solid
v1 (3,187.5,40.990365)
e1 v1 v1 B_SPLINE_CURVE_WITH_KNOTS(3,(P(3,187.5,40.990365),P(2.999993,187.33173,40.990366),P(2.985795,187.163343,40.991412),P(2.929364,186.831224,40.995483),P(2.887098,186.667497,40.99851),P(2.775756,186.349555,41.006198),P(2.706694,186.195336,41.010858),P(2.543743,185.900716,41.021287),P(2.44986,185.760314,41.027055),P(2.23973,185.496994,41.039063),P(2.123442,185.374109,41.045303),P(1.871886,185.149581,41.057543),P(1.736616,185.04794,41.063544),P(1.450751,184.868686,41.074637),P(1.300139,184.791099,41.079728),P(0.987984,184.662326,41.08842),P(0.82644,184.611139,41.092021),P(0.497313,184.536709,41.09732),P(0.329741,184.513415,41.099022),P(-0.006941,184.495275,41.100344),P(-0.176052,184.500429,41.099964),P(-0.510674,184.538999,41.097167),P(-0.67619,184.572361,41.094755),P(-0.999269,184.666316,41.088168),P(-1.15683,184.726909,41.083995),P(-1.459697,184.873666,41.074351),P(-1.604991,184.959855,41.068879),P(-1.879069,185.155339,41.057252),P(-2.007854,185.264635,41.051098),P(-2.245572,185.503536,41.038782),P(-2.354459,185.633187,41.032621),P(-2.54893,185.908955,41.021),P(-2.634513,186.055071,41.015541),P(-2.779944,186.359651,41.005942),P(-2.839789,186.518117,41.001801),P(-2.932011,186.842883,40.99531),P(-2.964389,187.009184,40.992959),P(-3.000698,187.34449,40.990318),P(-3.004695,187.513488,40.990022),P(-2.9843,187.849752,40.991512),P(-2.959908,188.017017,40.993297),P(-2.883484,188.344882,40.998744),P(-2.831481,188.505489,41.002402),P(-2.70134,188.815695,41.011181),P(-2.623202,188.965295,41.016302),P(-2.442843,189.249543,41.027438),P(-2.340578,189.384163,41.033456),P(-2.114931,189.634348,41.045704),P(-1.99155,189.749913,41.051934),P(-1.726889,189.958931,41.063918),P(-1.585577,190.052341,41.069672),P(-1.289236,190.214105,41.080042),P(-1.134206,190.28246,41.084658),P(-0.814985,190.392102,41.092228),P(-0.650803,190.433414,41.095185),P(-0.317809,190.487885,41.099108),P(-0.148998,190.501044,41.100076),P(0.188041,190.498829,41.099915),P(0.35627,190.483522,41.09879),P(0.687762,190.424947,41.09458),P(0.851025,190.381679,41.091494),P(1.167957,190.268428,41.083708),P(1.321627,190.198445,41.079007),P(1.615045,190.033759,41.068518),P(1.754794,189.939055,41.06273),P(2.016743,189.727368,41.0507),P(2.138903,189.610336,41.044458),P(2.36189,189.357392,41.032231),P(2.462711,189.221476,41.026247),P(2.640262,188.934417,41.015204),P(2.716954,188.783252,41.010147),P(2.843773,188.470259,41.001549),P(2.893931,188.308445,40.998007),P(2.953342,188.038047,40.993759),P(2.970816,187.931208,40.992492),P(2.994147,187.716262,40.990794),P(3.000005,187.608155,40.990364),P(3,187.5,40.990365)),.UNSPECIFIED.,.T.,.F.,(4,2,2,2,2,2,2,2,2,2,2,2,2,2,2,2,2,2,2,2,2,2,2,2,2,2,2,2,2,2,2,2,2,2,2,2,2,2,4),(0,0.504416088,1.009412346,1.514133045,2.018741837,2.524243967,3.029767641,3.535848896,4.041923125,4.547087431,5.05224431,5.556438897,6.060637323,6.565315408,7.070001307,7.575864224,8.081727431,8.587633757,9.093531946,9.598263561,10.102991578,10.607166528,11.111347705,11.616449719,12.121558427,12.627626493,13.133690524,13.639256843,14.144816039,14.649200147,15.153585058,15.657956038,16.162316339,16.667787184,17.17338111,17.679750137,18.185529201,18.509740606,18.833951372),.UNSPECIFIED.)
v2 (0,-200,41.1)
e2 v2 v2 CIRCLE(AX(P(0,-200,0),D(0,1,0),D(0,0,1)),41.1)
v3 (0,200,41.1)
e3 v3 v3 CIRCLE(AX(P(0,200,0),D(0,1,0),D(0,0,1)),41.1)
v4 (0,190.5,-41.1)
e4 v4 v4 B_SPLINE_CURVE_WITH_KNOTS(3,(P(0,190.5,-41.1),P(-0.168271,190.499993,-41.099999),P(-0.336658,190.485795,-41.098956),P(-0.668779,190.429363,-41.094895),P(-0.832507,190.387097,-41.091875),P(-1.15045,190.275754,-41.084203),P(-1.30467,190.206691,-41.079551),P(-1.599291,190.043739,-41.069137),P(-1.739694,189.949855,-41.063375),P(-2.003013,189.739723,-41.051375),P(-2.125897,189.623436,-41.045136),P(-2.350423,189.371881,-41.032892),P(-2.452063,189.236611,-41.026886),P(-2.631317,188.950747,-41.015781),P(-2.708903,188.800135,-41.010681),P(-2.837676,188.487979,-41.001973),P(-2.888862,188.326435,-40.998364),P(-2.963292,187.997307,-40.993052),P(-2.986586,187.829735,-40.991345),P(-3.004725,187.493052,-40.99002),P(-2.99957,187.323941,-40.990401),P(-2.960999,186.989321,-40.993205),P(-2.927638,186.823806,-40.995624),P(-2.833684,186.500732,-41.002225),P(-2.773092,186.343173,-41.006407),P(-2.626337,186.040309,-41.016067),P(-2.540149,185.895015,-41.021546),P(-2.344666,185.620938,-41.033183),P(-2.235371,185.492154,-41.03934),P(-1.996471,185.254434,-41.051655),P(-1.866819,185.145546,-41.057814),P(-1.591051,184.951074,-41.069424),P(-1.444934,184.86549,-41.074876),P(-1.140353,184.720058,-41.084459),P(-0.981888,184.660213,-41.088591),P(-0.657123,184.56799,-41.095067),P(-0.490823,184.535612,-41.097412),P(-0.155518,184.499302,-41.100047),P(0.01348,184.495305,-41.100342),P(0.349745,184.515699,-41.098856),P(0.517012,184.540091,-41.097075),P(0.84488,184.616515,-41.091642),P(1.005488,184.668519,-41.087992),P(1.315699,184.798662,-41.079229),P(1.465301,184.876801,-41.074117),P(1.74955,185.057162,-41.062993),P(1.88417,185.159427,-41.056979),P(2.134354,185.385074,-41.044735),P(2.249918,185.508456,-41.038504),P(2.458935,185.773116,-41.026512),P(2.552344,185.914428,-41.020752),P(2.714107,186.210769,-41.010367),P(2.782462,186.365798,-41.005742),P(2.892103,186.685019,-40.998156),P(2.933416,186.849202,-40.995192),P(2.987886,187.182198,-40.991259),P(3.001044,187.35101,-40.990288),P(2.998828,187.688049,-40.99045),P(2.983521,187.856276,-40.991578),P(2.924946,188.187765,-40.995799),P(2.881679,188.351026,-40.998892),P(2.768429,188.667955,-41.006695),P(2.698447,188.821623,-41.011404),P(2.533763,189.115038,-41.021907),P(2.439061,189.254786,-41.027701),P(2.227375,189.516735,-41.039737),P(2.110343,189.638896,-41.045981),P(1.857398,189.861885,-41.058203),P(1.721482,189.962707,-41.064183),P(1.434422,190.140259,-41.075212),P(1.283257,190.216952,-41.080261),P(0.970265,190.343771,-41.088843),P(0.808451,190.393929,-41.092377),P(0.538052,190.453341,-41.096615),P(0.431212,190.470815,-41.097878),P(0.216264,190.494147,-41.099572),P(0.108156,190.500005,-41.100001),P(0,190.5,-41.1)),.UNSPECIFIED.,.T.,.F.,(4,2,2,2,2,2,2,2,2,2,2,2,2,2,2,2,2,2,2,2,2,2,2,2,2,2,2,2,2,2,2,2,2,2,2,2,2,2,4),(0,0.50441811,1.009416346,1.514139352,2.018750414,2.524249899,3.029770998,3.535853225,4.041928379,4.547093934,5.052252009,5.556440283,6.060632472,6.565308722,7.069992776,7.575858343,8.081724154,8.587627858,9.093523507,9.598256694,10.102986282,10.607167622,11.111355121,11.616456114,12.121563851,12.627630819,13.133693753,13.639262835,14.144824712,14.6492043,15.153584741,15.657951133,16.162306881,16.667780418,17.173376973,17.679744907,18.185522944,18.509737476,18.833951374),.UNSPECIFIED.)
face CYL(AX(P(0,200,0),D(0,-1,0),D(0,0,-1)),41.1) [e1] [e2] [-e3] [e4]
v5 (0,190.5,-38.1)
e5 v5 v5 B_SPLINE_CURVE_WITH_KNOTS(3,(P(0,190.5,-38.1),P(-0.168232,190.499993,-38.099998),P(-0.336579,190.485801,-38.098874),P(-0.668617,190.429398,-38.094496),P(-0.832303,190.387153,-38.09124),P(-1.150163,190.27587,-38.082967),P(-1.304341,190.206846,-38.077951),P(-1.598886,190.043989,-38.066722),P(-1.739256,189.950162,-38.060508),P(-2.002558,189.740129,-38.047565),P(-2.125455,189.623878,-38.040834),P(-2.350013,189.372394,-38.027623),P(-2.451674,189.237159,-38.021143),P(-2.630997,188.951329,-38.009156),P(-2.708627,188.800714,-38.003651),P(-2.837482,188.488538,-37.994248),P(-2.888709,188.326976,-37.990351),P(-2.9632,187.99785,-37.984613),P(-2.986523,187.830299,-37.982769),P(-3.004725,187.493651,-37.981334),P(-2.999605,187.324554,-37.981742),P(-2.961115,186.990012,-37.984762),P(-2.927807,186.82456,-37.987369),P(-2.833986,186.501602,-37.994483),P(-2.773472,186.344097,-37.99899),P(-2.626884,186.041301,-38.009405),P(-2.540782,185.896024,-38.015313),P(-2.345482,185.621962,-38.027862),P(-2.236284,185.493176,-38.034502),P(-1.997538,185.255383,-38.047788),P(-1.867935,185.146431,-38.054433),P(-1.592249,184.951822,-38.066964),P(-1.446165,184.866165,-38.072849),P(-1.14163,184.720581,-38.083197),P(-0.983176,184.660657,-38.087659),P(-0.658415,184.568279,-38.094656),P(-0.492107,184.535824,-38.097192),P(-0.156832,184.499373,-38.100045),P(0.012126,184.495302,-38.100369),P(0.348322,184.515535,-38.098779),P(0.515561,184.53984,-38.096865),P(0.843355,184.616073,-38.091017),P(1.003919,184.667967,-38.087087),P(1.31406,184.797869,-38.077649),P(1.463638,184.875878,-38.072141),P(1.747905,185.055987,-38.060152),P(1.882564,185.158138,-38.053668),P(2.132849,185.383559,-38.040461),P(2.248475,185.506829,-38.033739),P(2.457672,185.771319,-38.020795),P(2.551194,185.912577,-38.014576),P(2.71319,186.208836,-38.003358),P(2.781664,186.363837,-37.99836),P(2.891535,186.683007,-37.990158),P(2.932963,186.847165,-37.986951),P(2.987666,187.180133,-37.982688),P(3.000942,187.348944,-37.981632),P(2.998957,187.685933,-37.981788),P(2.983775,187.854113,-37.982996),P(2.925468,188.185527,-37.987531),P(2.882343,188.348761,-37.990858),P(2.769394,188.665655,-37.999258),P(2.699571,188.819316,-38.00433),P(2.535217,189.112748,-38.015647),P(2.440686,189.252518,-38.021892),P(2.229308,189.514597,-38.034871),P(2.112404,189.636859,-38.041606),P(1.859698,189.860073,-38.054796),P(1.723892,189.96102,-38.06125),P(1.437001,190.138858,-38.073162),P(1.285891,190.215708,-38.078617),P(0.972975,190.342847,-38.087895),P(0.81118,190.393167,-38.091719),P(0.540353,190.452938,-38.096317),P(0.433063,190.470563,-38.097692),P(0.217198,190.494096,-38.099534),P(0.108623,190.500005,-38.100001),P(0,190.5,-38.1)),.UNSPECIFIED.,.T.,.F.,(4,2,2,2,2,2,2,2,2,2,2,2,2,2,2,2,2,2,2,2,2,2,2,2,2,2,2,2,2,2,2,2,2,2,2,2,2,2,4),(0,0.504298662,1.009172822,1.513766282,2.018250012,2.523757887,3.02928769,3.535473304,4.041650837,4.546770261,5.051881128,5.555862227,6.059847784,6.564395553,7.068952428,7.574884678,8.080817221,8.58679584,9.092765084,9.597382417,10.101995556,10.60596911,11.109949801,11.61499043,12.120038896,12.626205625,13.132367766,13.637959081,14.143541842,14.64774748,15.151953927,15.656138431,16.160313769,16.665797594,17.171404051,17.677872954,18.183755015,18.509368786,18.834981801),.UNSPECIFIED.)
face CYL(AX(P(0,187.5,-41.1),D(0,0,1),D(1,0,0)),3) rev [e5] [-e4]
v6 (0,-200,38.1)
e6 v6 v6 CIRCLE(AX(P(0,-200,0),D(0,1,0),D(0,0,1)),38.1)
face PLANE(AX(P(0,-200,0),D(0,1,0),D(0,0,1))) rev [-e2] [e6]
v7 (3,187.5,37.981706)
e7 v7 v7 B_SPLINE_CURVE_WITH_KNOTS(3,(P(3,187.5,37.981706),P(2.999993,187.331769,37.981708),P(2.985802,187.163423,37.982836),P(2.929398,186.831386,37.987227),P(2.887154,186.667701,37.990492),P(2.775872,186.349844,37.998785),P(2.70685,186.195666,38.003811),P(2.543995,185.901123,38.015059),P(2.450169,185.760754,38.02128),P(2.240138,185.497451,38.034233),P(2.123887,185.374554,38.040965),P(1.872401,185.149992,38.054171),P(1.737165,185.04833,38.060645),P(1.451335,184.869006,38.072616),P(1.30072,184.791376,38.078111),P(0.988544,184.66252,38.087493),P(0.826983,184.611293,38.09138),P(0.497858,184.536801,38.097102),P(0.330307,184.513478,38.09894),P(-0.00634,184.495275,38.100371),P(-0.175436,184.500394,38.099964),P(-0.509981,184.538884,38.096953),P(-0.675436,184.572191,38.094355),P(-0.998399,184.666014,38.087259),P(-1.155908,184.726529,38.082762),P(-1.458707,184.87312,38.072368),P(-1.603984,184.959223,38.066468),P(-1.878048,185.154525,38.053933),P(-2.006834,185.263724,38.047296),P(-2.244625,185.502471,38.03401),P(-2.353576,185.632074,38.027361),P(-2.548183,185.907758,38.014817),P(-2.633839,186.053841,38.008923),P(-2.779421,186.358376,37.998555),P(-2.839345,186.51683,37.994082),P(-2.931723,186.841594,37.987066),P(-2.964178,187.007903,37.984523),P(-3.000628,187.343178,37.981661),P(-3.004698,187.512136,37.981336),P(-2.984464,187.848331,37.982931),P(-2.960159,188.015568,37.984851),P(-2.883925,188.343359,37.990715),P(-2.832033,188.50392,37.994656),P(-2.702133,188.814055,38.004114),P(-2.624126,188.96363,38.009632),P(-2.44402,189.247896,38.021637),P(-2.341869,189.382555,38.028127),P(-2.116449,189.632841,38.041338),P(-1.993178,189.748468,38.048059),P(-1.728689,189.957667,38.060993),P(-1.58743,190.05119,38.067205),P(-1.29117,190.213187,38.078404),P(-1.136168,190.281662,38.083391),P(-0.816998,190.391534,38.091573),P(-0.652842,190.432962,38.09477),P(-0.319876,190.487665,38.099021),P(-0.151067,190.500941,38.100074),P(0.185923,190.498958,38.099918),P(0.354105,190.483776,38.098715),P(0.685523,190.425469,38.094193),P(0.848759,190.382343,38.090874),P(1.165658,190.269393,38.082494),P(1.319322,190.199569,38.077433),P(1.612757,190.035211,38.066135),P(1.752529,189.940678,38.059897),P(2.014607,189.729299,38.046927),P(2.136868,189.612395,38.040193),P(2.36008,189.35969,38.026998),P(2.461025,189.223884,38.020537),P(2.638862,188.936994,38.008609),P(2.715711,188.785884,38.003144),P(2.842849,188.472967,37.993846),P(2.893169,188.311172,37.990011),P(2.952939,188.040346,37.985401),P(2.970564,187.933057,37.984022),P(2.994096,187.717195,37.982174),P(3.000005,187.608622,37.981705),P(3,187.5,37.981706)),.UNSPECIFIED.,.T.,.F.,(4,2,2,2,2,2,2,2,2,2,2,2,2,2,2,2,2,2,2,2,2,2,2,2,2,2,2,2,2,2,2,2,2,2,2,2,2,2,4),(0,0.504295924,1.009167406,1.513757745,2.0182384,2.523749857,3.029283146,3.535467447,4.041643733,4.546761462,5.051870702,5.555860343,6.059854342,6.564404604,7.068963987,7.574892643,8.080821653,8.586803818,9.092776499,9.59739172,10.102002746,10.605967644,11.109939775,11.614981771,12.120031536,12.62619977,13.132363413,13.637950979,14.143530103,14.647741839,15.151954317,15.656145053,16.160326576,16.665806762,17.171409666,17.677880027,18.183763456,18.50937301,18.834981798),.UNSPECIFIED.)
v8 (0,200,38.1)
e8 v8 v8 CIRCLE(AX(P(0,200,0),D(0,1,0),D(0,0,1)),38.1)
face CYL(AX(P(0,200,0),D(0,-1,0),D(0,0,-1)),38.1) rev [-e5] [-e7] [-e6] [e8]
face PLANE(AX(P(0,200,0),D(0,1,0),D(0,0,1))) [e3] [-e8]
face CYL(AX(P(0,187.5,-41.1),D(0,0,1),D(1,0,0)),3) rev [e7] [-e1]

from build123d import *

# Parameters (mm, degrees)
SKETCH2_R               = 41.1
SKETCH2_R_2             = 38.1
BOSS_EXTRUDE1_DEPTH     = 200
CUT_EXTRUDE1_DEPTH      = 209.274866463
CUT_EXTRUDE1_DEPTH_BACK = 209.274866463
SKETCH4_R               = 3


with BuildPart() as part:
    # Sketch2 → Boss-Extrude1 (new, symmetric)
    with BuildSketch(Plane(origin=(0, 0, 0), x_dir=(1, 0, 0), z_dir=(0, 1, 0))):
        with Locations(Location((0, 0, 0), (0, 0, 270))):
            Circle(SKETCH2_R)
        with Locations(Location((0, 0, 0), (0, 0, 270))):
            Circle(SKETCH2_R_2, mode=Mode.SUBTRACT)
    extrude(amount=BOSS_EXTRUDE1_DEPTH, both=True)

    # Sketch4 → Cut-Extrude1 (cut, two sides: drawn at the far end of the back side and taken through both)
    with BuildSketch(Plane.XY.offset(-CUT_EXTRUDE1_DEPTH_BACK)):
        with Locations((0, 187.5)):
            Circle(SKETCH4_R)
    extrude(amount=CUT_EXTRUDE1_DEPTH + CUT_EXTRUDE1_DEPTH_BACK, mode=Mode.SUBTRACT)


solid = part.part
